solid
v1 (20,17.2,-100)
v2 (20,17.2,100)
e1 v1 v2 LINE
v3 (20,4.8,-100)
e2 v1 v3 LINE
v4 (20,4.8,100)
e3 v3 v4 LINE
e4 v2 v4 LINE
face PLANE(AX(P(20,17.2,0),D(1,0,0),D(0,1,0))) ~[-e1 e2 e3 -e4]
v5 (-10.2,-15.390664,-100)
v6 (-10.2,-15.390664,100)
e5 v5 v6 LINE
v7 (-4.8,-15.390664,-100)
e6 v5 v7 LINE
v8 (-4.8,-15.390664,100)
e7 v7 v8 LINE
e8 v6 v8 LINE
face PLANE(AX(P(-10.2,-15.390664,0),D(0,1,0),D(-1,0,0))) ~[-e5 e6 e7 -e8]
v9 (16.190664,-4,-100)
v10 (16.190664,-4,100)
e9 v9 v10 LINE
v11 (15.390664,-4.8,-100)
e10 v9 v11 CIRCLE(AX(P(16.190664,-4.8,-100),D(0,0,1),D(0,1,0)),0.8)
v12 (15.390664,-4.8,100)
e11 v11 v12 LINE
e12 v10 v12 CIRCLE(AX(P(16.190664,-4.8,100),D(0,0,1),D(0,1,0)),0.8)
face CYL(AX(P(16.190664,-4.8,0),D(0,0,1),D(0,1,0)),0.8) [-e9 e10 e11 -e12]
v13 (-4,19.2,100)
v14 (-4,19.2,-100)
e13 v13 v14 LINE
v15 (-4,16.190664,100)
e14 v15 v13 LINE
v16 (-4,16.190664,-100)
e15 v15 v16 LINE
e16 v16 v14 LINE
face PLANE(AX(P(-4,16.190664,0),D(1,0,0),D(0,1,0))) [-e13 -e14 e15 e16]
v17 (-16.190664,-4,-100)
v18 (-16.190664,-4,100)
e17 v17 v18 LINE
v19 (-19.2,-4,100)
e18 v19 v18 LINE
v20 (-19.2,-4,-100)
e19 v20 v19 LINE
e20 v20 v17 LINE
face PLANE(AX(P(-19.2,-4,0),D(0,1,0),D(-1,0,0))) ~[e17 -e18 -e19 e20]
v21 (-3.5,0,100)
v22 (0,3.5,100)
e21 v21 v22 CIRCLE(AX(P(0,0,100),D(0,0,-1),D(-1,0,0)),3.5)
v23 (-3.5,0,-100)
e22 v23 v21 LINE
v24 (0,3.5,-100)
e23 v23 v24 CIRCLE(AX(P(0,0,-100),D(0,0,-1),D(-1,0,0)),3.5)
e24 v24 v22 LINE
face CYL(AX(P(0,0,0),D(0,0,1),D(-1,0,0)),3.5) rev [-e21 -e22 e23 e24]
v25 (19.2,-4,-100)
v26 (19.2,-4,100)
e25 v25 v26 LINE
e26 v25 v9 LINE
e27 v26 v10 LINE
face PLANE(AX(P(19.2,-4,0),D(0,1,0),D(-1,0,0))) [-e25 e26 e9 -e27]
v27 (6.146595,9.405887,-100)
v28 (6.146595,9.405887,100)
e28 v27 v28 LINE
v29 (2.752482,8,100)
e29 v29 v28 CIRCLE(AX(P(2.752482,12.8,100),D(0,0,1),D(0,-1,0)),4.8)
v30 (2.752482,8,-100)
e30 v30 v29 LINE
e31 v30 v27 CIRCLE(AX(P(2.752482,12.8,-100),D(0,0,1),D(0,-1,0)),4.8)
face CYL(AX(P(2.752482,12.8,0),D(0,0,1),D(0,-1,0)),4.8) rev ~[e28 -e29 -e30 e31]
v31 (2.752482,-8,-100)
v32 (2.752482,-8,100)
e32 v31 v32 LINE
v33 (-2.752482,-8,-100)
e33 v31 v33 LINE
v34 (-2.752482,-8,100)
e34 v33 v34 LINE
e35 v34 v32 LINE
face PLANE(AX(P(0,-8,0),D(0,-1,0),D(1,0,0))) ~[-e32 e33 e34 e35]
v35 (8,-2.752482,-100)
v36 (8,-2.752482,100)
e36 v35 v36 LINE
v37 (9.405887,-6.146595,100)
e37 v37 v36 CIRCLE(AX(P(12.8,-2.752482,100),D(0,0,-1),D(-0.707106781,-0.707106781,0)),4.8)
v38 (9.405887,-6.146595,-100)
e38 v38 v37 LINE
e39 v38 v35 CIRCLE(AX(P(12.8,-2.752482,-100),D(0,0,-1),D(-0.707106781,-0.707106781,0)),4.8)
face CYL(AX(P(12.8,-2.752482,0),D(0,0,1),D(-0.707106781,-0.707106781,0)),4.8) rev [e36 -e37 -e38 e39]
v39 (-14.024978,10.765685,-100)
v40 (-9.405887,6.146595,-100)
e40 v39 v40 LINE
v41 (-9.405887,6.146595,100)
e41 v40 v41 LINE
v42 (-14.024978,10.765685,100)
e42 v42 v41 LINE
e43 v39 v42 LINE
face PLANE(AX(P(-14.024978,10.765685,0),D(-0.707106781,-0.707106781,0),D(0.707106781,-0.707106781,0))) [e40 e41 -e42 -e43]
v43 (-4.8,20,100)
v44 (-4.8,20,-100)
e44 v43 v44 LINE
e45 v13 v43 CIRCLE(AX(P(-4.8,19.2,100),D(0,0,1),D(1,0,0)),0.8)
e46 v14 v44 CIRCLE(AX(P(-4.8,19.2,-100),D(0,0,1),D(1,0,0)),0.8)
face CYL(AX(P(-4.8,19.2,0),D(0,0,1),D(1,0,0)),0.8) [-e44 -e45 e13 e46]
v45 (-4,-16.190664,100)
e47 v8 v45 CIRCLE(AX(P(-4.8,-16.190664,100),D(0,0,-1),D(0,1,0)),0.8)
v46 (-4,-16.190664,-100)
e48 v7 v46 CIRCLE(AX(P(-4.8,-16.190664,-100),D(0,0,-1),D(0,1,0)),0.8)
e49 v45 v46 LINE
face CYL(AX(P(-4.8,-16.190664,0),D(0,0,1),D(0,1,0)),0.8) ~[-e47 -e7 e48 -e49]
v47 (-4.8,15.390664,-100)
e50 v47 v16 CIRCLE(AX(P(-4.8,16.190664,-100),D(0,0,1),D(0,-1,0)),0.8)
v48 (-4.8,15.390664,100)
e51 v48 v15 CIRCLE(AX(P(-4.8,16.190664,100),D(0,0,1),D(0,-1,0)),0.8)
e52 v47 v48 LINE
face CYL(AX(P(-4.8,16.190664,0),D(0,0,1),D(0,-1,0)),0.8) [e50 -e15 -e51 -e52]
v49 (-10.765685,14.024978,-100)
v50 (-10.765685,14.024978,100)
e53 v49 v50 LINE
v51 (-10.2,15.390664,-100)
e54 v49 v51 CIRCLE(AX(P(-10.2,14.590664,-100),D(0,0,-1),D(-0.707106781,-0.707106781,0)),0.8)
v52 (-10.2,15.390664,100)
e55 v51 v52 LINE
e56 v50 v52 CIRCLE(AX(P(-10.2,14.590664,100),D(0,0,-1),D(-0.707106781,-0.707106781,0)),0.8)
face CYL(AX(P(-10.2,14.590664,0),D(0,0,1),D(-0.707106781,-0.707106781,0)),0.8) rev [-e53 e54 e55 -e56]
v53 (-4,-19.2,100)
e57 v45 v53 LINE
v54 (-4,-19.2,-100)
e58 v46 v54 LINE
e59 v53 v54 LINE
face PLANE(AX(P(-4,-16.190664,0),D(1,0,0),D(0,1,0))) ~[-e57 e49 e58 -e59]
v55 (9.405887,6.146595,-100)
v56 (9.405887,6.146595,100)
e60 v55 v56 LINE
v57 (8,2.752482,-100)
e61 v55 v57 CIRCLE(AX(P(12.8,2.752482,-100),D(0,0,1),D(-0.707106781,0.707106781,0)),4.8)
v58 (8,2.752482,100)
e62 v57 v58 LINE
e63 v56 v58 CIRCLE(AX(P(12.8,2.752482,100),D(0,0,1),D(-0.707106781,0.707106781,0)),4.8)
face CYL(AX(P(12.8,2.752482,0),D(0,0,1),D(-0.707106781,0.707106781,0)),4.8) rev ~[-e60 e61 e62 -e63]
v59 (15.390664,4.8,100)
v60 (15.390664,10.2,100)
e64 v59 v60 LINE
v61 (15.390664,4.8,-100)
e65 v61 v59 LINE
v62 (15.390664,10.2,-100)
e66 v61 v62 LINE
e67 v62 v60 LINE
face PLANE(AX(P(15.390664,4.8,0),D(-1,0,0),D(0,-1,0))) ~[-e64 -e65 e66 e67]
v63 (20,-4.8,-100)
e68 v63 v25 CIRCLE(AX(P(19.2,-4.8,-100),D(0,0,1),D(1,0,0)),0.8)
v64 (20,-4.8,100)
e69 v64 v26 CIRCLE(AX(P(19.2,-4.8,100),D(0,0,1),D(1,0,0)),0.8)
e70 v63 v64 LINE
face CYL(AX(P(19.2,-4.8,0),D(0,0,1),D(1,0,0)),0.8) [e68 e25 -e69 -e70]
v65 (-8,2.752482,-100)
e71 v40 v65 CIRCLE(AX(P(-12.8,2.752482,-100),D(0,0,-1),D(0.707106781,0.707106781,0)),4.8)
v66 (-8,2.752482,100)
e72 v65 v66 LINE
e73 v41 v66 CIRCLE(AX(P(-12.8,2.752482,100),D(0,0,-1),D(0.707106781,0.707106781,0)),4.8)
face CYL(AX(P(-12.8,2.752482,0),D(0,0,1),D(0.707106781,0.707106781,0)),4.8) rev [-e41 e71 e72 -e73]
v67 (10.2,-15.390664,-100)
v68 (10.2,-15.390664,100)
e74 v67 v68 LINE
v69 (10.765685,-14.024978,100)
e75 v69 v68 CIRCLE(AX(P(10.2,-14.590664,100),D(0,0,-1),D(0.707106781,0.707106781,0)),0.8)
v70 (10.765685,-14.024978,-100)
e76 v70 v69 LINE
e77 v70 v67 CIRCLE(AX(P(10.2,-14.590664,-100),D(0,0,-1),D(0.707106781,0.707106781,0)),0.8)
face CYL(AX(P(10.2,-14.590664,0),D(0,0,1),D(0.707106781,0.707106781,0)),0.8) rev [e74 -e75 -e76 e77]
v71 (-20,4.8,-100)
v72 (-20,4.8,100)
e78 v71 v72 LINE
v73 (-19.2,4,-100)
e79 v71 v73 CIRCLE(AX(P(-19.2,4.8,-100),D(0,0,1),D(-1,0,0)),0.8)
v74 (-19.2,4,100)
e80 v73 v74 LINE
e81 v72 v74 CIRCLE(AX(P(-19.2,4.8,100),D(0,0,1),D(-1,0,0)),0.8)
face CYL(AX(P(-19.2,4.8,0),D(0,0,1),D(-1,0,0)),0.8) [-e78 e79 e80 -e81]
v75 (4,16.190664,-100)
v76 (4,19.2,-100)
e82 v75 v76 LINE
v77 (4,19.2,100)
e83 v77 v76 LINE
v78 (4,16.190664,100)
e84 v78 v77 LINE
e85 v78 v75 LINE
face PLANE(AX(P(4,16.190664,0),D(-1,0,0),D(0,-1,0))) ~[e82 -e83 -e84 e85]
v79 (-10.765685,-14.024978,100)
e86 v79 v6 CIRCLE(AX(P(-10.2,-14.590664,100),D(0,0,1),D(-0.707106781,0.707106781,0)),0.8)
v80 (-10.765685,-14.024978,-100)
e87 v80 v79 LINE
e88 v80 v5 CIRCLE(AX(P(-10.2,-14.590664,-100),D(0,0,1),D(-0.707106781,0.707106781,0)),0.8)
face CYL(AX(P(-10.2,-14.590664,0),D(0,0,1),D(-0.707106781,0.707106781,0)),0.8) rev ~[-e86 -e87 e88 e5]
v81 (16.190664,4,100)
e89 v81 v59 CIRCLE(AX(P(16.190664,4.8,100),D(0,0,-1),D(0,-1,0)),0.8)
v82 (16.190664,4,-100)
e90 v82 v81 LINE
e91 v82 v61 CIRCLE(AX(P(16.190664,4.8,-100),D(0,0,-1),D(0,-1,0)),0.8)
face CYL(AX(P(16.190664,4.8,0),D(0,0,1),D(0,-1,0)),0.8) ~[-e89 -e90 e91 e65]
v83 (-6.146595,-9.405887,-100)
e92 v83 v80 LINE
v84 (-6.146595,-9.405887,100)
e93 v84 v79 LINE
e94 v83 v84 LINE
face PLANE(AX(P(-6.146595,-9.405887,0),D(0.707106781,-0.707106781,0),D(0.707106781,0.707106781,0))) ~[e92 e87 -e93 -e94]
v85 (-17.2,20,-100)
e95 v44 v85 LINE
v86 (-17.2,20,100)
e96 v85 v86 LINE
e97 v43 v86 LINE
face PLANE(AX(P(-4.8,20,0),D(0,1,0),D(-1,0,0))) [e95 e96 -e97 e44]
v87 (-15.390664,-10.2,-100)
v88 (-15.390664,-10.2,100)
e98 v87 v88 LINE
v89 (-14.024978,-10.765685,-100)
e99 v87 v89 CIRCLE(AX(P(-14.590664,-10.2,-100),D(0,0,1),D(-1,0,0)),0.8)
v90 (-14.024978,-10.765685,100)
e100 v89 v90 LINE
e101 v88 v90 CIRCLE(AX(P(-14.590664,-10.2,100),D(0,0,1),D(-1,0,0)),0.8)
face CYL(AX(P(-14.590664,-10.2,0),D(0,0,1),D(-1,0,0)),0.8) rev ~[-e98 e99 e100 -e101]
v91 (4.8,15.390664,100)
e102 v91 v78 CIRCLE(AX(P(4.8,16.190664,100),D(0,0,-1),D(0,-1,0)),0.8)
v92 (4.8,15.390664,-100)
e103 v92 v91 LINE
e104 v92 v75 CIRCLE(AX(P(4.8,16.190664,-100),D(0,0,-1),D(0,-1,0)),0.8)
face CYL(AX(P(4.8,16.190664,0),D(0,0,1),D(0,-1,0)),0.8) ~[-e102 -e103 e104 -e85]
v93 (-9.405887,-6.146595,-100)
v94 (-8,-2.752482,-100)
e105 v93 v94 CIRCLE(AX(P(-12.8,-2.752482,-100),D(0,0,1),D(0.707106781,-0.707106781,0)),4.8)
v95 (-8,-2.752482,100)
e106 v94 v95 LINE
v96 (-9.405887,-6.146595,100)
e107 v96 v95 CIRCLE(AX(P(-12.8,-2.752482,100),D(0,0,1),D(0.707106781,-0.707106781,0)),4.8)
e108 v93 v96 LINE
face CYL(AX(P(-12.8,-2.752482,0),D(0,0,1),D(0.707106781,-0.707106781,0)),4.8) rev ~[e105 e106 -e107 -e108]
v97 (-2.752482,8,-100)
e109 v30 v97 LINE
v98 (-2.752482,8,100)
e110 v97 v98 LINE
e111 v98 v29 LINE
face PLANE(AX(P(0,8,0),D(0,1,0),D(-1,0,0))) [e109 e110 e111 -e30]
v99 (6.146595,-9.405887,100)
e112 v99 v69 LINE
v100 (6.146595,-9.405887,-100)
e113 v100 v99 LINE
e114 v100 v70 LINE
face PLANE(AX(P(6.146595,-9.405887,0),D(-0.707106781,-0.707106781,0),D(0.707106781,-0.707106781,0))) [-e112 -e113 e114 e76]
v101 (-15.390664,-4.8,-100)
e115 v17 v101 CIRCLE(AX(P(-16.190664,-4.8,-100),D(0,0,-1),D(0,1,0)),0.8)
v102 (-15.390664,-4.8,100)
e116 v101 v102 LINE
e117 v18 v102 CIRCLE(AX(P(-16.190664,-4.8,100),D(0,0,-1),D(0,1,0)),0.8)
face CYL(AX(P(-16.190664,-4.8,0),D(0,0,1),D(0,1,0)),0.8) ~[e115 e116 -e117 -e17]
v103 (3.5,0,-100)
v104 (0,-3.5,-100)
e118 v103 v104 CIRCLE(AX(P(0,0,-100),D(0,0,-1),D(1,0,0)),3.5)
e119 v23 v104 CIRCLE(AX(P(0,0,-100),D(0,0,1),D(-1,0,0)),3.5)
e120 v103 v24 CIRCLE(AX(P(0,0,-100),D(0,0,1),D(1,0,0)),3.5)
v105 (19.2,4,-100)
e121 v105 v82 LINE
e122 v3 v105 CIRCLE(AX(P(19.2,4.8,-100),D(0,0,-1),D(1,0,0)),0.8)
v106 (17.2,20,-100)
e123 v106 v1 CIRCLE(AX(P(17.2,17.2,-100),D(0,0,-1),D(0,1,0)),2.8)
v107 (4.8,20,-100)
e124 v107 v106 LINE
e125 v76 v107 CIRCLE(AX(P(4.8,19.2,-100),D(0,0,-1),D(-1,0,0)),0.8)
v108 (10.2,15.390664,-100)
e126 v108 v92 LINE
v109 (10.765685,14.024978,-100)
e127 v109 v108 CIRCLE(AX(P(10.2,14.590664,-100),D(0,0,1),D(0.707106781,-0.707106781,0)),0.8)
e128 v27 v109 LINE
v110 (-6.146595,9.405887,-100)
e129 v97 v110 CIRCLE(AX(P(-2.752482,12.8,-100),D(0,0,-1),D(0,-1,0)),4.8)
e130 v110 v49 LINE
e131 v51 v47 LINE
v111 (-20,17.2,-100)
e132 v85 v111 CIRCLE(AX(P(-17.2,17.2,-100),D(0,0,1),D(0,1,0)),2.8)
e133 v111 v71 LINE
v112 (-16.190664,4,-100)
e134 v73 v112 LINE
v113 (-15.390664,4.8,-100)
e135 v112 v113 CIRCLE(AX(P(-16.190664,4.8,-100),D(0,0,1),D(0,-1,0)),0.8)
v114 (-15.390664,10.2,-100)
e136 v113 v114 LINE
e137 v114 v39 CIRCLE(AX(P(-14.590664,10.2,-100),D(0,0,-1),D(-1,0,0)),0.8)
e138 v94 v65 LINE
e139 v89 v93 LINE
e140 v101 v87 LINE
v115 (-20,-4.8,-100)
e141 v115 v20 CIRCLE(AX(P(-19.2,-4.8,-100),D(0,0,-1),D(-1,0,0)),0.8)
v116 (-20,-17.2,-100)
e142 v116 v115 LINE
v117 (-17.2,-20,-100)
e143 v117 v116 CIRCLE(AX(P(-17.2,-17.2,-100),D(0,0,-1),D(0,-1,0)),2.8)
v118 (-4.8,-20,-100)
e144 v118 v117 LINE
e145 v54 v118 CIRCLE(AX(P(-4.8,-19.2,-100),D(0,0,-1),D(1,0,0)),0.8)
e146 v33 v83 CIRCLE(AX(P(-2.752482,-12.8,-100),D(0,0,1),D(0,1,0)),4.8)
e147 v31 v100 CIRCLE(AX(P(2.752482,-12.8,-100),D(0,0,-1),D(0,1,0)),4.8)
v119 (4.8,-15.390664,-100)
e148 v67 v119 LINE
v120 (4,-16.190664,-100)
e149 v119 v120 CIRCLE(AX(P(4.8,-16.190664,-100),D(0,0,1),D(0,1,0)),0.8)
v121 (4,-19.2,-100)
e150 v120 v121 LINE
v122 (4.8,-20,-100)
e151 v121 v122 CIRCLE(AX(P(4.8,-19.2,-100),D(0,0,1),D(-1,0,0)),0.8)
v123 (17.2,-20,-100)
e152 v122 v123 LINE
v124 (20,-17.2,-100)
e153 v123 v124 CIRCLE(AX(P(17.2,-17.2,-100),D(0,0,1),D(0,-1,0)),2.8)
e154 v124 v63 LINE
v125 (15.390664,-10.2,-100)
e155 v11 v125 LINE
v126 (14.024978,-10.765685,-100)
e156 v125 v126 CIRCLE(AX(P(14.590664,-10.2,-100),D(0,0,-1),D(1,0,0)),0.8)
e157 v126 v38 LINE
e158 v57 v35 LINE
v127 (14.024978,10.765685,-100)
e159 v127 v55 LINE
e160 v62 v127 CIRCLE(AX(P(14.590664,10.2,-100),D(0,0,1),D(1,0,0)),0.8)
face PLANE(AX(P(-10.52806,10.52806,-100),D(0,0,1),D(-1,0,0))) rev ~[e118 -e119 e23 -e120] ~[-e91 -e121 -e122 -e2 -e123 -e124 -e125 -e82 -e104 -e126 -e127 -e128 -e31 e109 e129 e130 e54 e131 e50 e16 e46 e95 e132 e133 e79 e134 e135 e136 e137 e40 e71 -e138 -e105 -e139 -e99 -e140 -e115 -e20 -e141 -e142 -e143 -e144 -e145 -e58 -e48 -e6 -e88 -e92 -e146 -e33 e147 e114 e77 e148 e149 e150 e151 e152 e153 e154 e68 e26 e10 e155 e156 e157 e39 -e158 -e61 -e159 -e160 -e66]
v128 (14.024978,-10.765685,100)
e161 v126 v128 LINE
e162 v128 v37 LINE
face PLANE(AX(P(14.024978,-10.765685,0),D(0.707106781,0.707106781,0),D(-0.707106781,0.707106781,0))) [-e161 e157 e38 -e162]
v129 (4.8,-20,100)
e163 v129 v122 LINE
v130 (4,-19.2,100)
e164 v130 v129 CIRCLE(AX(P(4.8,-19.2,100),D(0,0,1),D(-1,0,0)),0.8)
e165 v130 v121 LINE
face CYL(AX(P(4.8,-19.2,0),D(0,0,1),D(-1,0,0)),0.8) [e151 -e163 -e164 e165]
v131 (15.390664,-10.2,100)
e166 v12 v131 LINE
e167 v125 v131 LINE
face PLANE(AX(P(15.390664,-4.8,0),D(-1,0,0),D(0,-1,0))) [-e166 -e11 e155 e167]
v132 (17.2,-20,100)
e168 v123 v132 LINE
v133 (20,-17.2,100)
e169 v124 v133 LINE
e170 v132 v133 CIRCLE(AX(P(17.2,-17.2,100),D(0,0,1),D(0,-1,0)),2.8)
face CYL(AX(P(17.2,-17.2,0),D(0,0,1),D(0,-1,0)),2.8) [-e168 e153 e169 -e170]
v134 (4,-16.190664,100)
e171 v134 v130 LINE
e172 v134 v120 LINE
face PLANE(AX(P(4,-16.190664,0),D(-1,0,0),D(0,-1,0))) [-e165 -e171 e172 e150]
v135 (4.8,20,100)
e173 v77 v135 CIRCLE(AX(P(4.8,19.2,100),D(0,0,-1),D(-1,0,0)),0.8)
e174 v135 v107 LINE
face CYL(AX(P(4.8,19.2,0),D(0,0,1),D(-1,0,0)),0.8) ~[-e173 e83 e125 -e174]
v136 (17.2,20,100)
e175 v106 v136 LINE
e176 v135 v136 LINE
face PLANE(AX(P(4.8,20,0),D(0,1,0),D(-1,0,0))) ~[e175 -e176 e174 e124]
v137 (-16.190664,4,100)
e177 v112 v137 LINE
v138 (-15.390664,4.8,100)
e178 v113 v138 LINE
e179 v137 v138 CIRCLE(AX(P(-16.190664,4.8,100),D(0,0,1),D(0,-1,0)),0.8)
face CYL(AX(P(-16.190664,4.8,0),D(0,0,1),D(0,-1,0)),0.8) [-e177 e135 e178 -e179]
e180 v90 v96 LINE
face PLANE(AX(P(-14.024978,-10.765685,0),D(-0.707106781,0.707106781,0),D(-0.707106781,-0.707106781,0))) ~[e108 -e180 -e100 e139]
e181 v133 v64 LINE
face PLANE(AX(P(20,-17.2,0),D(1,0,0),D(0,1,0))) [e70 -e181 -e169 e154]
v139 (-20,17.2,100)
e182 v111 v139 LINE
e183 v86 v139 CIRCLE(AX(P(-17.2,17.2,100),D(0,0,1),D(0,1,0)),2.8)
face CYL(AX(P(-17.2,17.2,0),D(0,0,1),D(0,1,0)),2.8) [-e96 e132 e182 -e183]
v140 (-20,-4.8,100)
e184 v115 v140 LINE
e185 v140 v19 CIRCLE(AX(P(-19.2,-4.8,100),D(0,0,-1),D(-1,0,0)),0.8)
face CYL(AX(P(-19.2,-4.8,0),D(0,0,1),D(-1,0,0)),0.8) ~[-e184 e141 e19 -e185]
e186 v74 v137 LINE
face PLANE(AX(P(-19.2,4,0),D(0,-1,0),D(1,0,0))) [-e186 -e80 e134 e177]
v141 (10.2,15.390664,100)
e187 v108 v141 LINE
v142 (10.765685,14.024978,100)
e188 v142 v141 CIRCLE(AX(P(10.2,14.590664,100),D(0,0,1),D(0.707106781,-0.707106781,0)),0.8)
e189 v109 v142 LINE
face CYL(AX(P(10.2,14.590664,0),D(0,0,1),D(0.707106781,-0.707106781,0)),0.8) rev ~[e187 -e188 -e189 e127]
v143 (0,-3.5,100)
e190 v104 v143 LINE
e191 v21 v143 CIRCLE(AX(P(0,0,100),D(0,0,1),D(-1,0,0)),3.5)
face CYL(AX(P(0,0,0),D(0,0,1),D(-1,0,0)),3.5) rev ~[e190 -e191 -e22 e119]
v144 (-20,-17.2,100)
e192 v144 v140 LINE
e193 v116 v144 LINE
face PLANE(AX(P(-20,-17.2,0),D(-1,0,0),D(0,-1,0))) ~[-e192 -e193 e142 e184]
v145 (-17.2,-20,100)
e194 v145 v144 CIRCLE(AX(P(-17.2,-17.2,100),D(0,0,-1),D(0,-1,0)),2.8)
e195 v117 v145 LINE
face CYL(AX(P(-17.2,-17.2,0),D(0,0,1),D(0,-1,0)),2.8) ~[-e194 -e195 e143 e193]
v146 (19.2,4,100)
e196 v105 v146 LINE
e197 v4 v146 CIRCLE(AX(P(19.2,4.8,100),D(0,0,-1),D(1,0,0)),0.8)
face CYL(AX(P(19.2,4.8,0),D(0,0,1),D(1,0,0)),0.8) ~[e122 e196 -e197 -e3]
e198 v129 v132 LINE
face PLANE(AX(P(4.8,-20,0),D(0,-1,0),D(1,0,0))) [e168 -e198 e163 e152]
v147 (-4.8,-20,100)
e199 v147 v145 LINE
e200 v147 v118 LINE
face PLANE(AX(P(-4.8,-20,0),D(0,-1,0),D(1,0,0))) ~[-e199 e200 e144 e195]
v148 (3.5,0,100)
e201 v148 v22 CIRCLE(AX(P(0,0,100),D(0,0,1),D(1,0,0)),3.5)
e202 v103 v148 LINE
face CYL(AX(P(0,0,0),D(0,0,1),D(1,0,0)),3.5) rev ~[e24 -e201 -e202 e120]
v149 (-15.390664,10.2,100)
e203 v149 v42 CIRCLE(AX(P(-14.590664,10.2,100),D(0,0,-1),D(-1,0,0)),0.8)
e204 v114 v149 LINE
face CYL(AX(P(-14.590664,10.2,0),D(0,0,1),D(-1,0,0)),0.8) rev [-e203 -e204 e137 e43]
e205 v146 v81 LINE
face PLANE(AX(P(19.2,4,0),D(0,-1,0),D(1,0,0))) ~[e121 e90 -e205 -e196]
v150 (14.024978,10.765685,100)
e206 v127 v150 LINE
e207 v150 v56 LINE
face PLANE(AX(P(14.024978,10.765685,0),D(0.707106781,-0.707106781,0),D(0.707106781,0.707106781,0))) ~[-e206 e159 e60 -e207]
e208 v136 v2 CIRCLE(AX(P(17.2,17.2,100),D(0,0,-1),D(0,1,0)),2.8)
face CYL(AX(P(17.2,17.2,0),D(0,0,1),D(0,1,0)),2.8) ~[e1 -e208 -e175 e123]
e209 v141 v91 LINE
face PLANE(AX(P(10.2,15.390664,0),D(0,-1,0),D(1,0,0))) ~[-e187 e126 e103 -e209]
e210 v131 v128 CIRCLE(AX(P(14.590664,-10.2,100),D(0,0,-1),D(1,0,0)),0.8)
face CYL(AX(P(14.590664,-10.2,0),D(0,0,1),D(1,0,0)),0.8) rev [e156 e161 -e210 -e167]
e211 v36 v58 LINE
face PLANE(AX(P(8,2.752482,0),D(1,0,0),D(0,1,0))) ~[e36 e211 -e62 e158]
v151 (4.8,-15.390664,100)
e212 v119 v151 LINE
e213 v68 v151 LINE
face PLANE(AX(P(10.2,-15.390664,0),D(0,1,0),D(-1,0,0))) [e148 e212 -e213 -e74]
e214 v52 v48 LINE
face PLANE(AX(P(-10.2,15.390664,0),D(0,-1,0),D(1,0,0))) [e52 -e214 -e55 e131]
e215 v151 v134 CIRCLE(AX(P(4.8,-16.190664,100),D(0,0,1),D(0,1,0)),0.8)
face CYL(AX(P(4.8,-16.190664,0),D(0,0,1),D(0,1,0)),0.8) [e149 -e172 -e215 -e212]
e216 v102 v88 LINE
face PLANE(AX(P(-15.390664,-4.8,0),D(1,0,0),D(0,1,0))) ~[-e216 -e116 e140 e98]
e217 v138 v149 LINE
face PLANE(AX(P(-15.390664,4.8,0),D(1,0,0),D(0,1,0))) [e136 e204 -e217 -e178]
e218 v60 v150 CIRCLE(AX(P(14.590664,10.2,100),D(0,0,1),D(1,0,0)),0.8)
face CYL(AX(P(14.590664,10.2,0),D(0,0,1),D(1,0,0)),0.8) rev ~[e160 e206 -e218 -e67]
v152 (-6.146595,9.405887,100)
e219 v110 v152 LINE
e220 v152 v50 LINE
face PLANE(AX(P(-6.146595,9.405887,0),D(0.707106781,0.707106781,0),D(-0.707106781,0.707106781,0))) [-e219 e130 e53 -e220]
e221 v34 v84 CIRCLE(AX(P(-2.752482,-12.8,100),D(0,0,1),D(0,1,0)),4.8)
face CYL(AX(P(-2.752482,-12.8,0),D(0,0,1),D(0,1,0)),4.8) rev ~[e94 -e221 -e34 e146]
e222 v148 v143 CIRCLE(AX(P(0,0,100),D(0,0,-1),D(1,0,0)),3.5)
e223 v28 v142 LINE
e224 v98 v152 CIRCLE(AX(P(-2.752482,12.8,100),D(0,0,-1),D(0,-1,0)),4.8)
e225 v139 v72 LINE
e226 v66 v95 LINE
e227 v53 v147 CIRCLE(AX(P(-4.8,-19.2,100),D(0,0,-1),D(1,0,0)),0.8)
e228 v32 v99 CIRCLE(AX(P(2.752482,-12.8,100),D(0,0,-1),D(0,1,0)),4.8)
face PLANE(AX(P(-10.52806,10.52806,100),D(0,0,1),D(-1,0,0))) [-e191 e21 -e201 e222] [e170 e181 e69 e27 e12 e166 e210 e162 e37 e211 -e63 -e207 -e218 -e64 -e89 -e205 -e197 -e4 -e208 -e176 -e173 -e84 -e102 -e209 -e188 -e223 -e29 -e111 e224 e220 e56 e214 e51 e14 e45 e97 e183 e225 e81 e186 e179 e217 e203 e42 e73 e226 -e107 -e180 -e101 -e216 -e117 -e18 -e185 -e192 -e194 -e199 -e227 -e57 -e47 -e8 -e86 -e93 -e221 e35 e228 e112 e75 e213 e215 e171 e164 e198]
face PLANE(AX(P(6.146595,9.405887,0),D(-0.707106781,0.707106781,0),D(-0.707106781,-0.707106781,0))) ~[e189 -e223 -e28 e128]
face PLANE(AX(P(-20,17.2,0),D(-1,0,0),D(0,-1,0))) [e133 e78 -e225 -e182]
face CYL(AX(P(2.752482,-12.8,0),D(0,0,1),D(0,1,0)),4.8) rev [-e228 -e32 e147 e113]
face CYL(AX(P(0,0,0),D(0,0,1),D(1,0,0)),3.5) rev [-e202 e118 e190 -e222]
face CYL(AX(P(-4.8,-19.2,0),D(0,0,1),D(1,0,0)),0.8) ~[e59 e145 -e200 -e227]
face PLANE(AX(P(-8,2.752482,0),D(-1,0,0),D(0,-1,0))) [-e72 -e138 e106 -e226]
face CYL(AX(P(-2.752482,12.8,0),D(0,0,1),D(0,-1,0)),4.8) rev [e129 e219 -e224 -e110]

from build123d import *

# Parameters (mm, degrees)
BOSS_EXTRUDE1_DEPTH = 100


with BuildPart() as part:
    # Sketch4 → Boss-Extrude1 (new body, symmetric)
    with BuildSketch(Plane.XY):
        with BuildLine():
            Line((4.8, -20), (17.2, -20))
            ThreePointArc((17.2, -20), (19.179898987, -19.179898987), (20, -17.2))
            Line((20, -17.2), (20, -4.8))
            ThreePointArc((20, -4.8), (19.765685425, -4.234314575), (19.2, -4))
            Line((19.2, -4), (16.190663761, -4))
            ThreePointArc((16.190663761, -4), (15.624978336, -4.234314575), (15.390663761, -4.8))
            Line((15.390663761, -4.8), (15.390663761, -10.2))
            ThreePointArc((15.390663761, -10.2), (14.896810507, -10.939103626), (14.024978336, -10.765685425))
            Line((14.024978336, -10.765685425), (9.40588745, -6.146594539))
            ThreePointArc((9.40588745, -6.146594539), (8.365378244, -4.589362465), (8, -2.752481989))
            Line((8, -2.752481989), (8, 0))
            Line((8, 0), (3.5, 0))
            ThreePointArc((3.5, 0), (2.474873734, -2.474873734), (0, -3.5))
            Line((0, -3.5), (0, -8))
            Line((0, -8), (2.752481989, -8))
            ThreePointArc((2.752481989, -8), (4.589362465, -8.365378244), (6.146594539, -9.40588745))
            Line((6.146594539, -9.40588745), (10.765685425, -14.024978336))
            ThreePointArc((10.765685425, -14.024978336), (10.939103626, -14.896810507), (10.2, -15.390663761))
            Line((10.2, -15.390663761), (4.8, -15.390663761))
            ThreePointArc((4.8, -15.390663761), (4.234314575, -15.624978336), (4, -16.190663761))
            Line((4, -16.190663761), (4, -19.2))
            ThreePointArc((4, -19.2), (4.234314575, -19.765685425), (4.8, -20))
        make_face()
    extrude(amount=BOSS_EXTRUDE1_DEPTH, both=True)

    # Mirror1: part across plane


with BuildPart() as part_1:
    add(part.part)
    add(part.part.mirror(Plane(origin=(0, 0, 0), x_dir=(0, 0, 1), z_dir=(1, 0, 0))))

    # Mirror2: part across plane


with BuildPart() as part_2:
    add(part_1.part)
    add(part_1.part.mirror(Plane.ZX))


solid = part_2.part
